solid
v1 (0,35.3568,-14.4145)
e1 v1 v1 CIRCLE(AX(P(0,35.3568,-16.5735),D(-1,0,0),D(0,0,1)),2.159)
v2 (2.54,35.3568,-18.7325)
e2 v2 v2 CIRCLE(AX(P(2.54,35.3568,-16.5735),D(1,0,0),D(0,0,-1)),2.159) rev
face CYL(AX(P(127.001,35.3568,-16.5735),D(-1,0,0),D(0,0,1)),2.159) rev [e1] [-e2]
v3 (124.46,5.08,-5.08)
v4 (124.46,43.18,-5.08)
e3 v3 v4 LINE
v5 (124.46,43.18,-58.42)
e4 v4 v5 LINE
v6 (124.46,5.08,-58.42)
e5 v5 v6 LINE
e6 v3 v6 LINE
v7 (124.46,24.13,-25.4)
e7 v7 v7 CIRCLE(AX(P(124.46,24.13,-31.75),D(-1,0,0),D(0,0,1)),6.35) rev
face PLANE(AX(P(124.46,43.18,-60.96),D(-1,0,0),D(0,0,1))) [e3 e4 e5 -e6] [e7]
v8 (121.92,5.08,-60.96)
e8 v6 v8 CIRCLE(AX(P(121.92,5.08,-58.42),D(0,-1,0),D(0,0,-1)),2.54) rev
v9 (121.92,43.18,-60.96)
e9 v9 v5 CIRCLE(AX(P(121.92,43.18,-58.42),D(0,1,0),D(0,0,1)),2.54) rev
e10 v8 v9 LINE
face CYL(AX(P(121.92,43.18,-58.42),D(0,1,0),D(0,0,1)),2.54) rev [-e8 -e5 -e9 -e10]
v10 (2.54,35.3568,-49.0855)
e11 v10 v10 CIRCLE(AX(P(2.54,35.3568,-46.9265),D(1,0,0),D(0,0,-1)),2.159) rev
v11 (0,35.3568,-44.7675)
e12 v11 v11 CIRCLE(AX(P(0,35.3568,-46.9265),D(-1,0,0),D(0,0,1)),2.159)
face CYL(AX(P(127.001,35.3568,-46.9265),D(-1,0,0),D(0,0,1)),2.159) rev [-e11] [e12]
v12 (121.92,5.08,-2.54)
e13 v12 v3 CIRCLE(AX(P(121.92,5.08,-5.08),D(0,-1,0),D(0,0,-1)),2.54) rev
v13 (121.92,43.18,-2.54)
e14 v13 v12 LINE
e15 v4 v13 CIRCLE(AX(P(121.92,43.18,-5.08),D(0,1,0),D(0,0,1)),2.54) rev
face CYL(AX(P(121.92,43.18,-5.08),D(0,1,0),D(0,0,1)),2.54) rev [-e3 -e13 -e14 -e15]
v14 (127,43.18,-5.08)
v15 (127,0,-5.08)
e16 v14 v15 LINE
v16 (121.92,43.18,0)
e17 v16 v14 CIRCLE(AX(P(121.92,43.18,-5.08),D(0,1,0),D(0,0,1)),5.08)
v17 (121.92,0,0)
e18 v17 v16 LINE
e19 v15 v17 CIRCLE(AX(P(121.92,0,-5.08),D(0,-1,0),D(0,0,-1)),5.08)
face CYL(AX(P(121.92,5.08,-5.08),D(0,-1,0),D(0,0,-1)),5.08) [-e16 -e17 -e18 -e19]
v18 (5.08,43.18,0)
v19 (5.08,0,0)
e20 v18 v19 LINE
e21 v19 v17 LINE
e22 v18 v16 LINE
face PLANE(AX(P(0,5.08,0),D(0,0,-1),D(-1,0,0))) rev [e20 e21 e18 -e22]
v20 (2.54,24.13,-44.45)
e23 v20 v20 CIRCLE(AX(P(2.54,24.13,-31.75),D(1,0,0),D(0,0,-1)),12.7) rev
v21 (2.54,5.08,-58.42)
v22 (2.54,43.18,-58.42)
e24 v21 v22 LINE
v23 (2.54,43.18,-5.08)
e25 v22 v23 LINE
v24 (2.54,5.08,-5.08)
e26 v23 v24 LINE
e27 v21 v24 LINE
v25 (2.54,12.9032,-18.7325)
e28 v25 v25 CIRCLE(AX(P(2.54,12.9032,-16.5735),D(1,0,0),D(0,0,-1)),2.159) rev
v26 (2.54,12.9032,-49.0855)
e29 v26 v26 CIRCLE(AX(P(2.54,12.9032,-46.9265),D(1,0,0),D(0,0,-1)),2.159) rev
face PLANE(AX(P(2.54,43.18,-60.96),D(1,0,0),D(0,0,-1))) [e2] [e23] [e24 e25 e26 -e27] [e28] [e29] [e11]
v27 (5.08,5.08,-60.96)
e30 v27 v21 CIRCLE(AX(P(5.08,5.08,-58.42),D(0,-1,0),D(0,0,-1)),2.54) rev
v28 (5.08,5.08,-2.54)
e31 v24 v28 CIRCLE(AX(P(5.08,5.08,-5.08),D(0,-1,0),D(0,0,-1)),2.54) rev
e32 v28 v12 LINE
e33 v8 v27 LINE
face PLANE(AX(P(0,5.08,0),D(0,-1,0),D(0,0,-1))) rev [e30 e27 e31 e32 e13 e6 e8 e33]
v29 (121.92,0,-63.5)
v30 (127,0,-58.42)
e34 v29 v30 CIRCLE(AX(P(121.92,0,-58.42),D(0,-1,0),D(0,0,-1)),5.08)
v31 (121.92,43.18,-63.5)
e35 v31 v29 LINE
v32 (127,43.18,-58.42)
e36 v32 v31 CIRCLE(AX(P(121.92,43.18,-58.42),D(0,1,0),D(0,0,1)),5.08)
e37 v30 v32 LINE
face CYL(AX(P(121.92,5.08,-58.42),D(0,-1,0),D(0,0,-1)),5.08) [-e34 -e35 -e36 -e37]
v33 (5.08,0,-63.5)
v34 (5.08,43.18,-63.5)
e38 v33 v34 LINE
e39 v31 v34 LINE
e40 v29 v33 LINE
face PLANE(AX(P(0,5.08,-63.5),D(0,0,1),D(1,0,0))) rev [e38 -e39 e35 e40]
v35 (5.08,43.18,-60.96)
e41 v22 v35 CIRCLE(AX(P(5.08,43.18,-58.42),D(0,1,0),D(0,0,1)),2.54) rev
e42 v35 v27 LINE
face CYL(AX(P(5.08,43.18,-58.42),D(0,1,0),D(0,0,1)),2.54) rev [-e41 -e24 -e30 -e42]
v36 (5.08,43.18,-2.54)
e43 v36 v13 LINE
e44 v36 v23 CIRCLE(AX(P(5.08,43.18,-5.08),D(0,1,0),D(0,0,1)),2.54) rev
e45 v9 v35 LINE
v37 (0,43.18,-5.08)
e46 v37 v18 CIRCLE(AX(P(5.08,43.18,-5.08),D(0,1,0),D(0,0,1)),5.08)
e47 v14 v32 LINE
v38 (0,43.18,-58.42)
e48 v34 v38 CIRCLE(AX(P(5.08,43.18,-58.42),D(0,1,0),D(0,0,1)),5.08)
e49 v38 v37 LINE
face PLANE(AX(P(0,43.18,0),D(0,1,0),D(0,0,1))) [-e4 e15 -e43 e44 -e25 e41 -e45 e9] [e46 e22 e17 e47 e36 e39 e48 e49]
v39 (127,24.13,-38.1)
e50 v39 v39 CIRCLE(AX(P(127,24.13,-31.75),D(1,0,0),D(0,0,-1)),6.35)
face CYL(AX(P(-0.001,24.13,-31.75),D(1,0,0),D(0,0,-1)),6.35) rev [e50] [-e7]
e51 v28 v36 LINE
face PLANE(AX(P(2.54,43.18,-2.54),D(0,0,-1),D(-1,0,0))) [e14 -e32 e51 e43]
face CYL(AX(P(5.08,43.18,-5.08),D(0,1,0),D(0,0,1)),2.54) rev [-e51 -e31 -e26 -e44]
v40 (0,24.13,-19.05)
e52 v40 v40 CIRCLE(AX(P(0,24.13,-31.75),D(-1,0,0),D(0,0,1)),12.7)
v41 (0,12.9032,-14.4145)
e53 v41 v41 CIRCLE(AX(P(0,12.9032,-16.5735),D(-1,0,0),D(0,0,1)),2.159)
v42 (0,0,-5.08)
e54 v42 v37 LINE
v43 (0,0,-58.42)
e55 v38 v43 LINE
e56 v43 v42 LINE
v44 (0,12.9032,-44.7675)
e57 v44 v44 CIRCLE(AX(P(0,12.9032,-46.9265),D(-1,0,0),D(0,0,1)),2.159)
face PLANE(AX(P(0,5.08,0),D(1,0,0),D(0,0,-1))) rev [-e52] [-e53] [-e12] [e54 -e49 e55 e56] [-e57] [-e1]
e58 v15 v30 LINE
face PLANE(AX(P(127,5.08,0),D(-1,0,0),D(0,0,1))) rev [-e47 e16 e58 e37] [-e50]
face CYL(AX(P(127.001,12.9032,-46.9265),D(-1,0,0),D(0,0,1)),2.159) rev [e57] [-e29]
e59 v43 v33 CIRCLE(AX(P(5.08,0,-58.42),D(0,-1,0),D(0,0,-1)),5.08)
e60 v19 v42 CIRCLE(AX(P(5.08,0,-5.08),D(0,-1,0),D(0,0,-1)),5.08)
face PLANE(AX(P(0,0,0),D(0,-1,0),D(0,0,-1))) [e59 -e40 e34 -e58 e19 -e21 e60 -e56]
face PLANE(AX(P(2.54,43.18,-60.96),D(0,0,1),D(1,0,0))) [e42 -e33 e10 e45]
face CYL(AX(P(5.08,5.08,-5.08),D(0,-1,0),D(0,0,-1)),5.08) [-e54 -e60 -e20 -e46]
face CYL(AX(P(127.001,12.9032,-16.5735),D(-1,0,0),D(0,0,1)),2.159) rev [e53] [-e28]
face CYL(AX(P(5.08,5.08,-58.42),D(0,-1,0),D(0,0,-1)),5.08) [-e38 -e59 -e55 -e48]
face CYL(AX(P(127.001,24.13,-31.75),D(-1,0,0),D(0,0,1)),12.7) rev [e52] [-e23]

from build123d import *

# Parameters (mm, degrees)
SKETCH1_W           = 127
SKETCH1_H           = 63.5
BOSS_EXTRUDE1_DEPTH = 5.08
SKETCH2_W           = 127
SKETCH2_H           = 63.5
SKETCH2_W_2         = 121.92
SKETCH2_H_2         = 58.42
BOSS_EXTRUDE3_DEPTH = 38.1
CUT_EXTRUDE1_REACH  = 150.411
SKETCH3_R           = 12.7
SKETCH3_R_2         = 2.159
FILLET3_R           = 5.08
FILLET4_R           = 2.54
CUT_EXTRUDE6_REACH  = 150.411
SKETCH4_R           = 6.35


with BuildPart() as part:
    # Sketch1 → Boss-Extrude1 (new body)
    with BuildSketch(Plane(origin=(0, 0, 0), x_dir=(1, 0, 0), z_dir=(0, 1, 0))):
        with Locations((63.5, 31.75)):
            Rectangle(SKETCH1_W, SKETCH1_H)
    extrude(amount=BOSS_EXTRUDE1_DEPTH)

    # Sketch2 → Boss-Extrude3 (add)
    with BuildSketch(Plane(origin=(0, 5.08, 0), x_dir=(1, 0, 0), z_dir=(0, 1, 0))):
        with Locations((63.5, 31.75)):
            Rectangle(SKETCH2_W, SKETCH2_H)
        with Locations((63.5, 31.75)):
            Rectangle(SKETCH2_W_2, SKETCH2_H_2, mode=Mode.SUBTRACT)
    extrude(amount=BOSS_EXTRUDE3_DEPTH)

    # Sketch3 → Cut-Extrude1 (cut, up to next)
    with BuildSketch(Plane.ZY, mode=Mode.PRIVATE) as cut_extrude1_sk1:
        with Locations((-31.75, 24.13)):
            Circle(SKETCH3_R)
    cut_extrude1_tool1 = extrude(cut_extrude1_sk1.sketch, amount=-CUT_EXTRUDE1_REACH, mode=Mode.PRIVATE) & part.part
    # Sketch3 → Cut-Extrude1 (cut, up to next)
    with BuildSketch(Plane.ZY, mode=Mode.PRIVATE) as cut_extrude1_sk2:
        with Locations((-46.9265, 35.3568)):
            Circle(SKETCH3_R_2)
    cut_extrude1_tool2 = extrude(cut_extrude1_sk2.sketch, amount=-CUT_EXTRUDE1_REACH, mode=Mode.PRIVATE) & part.part
    # Sketch3 → Cut-Extrude1 (cut, up to next)
    with BuildSketch(Plane.ZY, mode=Mode.PRIVATE) as cut_extrude1_sk3:
        with Locations((-16.5735, 35.3568)):
            Circle(SKETCH3_R_2)
    cut_extrude1_tool3 = extrude(cut_extrude1_sk3.sketch, amount=-CUT_EXTRUDE1_REACH, mode=Mode.PRIVATE) & part.part
    # Sketch3 → Cut-Extrude1 (cut, up to next)
    with BuildSketch(Plane.ZY, mode=Mode.PRIVATE) as cut_extrude1_sk4:
        with Locations((-46.9265, 12.9032)):
            Circle(SKETCH3_R_2)
    cut_extrude1_tool4 = extrude(cut_extrude1_sk4.sketch, amount=-CUT_EXTRUDE1_REACH, mode=Mode.PRIVATE) & part.part
    # Sketch3 → Cut-Extrude1 (cut, up to next)
    with BuildSketch(Plane.ZY, mode=Mode.PRIVATE) as cut_extrude1_sk5:
        with Locations((-16.5735, 12.9032)):
            Circle(SKETCH3_R_2)
    cut_extrude1_tool5 = extrude(cut_extrude1_sk5.sketch, amount=-CUT_EXTRUDE1_REACH, mode=Mode.PRIVATE) & part.part
    add(cut_extrude1_tool1.solids().sort_by_distance((0, 24.13, -31.75))[0], mode=Mode.SUBTRACT)
    add(cut_extrude1_tool2.solids().sort_by_distance((0, 35.3568, -46.9265))[0], mode=Mode.SUBTRACT)
    add(cut_extrude1_tool3.solids().sort_by_distance((0, 35.3568, -16.5735))[0], mode=Mode.SUBTRACT)
    add(cut_extrude1_tool4.solids().sort_by_distance((0, 12.9032, -46.9265))[0], mode=Mode.SUBTRACT)
    add(cut_extrude1_tool5.solids().sort_by_distance((0, 12.9032, -16.5735))[0], mode=Mode.SUBTRACT)

    # Fillet3
    fillet3_edges = [part.edges().sort_by_distance(p)[0] for p in [
        (0, 21.59, -63.5),
        (127, 21.59, -63.5),
        (127, 21.59, 0),
        (0, 21.59, 0),
    ]]
    fillet(fillet3_edges, radius=FILLET3_R)

    # Fillet4
    fillet4_edges = [part.edges().sort_by_distance(p)[0] for p in [
        (2.54, 24.13, -2.54),
        (124.46, 24.13, -2.54),
        (124.46, 24.13, -60.96),
        (2.54, 24.13, -60.96),
    ]]
    fillet(fillet4_edges, radius=FILLET4_R)

    # Sketch4 → Cut-Extrude6 (cut, up to next)
    with BuildSketch(Plane(origin=(127, 0, 0), x_dir=(0, 0, -1), z_dir=(1, 0, 0)), mode=Mode.PRIVATE) as cut_extrude6_sk1:
        with Locations((31.75, 24.13)):
            Circle(SKETCH4_R)
    cut_extrude6_tool1 = extrude(cut_extrude6_sk1.sketch, amount=-CUT_EXTRUDE6_REACH, mode=Mode.PRIVATE) & part.part
    add(cut_extrude6_tool1.solids().sort_by_distance((127, 24.13, -31.75))[0], mode=Mode.SUBTRACT)


solid = part.part
